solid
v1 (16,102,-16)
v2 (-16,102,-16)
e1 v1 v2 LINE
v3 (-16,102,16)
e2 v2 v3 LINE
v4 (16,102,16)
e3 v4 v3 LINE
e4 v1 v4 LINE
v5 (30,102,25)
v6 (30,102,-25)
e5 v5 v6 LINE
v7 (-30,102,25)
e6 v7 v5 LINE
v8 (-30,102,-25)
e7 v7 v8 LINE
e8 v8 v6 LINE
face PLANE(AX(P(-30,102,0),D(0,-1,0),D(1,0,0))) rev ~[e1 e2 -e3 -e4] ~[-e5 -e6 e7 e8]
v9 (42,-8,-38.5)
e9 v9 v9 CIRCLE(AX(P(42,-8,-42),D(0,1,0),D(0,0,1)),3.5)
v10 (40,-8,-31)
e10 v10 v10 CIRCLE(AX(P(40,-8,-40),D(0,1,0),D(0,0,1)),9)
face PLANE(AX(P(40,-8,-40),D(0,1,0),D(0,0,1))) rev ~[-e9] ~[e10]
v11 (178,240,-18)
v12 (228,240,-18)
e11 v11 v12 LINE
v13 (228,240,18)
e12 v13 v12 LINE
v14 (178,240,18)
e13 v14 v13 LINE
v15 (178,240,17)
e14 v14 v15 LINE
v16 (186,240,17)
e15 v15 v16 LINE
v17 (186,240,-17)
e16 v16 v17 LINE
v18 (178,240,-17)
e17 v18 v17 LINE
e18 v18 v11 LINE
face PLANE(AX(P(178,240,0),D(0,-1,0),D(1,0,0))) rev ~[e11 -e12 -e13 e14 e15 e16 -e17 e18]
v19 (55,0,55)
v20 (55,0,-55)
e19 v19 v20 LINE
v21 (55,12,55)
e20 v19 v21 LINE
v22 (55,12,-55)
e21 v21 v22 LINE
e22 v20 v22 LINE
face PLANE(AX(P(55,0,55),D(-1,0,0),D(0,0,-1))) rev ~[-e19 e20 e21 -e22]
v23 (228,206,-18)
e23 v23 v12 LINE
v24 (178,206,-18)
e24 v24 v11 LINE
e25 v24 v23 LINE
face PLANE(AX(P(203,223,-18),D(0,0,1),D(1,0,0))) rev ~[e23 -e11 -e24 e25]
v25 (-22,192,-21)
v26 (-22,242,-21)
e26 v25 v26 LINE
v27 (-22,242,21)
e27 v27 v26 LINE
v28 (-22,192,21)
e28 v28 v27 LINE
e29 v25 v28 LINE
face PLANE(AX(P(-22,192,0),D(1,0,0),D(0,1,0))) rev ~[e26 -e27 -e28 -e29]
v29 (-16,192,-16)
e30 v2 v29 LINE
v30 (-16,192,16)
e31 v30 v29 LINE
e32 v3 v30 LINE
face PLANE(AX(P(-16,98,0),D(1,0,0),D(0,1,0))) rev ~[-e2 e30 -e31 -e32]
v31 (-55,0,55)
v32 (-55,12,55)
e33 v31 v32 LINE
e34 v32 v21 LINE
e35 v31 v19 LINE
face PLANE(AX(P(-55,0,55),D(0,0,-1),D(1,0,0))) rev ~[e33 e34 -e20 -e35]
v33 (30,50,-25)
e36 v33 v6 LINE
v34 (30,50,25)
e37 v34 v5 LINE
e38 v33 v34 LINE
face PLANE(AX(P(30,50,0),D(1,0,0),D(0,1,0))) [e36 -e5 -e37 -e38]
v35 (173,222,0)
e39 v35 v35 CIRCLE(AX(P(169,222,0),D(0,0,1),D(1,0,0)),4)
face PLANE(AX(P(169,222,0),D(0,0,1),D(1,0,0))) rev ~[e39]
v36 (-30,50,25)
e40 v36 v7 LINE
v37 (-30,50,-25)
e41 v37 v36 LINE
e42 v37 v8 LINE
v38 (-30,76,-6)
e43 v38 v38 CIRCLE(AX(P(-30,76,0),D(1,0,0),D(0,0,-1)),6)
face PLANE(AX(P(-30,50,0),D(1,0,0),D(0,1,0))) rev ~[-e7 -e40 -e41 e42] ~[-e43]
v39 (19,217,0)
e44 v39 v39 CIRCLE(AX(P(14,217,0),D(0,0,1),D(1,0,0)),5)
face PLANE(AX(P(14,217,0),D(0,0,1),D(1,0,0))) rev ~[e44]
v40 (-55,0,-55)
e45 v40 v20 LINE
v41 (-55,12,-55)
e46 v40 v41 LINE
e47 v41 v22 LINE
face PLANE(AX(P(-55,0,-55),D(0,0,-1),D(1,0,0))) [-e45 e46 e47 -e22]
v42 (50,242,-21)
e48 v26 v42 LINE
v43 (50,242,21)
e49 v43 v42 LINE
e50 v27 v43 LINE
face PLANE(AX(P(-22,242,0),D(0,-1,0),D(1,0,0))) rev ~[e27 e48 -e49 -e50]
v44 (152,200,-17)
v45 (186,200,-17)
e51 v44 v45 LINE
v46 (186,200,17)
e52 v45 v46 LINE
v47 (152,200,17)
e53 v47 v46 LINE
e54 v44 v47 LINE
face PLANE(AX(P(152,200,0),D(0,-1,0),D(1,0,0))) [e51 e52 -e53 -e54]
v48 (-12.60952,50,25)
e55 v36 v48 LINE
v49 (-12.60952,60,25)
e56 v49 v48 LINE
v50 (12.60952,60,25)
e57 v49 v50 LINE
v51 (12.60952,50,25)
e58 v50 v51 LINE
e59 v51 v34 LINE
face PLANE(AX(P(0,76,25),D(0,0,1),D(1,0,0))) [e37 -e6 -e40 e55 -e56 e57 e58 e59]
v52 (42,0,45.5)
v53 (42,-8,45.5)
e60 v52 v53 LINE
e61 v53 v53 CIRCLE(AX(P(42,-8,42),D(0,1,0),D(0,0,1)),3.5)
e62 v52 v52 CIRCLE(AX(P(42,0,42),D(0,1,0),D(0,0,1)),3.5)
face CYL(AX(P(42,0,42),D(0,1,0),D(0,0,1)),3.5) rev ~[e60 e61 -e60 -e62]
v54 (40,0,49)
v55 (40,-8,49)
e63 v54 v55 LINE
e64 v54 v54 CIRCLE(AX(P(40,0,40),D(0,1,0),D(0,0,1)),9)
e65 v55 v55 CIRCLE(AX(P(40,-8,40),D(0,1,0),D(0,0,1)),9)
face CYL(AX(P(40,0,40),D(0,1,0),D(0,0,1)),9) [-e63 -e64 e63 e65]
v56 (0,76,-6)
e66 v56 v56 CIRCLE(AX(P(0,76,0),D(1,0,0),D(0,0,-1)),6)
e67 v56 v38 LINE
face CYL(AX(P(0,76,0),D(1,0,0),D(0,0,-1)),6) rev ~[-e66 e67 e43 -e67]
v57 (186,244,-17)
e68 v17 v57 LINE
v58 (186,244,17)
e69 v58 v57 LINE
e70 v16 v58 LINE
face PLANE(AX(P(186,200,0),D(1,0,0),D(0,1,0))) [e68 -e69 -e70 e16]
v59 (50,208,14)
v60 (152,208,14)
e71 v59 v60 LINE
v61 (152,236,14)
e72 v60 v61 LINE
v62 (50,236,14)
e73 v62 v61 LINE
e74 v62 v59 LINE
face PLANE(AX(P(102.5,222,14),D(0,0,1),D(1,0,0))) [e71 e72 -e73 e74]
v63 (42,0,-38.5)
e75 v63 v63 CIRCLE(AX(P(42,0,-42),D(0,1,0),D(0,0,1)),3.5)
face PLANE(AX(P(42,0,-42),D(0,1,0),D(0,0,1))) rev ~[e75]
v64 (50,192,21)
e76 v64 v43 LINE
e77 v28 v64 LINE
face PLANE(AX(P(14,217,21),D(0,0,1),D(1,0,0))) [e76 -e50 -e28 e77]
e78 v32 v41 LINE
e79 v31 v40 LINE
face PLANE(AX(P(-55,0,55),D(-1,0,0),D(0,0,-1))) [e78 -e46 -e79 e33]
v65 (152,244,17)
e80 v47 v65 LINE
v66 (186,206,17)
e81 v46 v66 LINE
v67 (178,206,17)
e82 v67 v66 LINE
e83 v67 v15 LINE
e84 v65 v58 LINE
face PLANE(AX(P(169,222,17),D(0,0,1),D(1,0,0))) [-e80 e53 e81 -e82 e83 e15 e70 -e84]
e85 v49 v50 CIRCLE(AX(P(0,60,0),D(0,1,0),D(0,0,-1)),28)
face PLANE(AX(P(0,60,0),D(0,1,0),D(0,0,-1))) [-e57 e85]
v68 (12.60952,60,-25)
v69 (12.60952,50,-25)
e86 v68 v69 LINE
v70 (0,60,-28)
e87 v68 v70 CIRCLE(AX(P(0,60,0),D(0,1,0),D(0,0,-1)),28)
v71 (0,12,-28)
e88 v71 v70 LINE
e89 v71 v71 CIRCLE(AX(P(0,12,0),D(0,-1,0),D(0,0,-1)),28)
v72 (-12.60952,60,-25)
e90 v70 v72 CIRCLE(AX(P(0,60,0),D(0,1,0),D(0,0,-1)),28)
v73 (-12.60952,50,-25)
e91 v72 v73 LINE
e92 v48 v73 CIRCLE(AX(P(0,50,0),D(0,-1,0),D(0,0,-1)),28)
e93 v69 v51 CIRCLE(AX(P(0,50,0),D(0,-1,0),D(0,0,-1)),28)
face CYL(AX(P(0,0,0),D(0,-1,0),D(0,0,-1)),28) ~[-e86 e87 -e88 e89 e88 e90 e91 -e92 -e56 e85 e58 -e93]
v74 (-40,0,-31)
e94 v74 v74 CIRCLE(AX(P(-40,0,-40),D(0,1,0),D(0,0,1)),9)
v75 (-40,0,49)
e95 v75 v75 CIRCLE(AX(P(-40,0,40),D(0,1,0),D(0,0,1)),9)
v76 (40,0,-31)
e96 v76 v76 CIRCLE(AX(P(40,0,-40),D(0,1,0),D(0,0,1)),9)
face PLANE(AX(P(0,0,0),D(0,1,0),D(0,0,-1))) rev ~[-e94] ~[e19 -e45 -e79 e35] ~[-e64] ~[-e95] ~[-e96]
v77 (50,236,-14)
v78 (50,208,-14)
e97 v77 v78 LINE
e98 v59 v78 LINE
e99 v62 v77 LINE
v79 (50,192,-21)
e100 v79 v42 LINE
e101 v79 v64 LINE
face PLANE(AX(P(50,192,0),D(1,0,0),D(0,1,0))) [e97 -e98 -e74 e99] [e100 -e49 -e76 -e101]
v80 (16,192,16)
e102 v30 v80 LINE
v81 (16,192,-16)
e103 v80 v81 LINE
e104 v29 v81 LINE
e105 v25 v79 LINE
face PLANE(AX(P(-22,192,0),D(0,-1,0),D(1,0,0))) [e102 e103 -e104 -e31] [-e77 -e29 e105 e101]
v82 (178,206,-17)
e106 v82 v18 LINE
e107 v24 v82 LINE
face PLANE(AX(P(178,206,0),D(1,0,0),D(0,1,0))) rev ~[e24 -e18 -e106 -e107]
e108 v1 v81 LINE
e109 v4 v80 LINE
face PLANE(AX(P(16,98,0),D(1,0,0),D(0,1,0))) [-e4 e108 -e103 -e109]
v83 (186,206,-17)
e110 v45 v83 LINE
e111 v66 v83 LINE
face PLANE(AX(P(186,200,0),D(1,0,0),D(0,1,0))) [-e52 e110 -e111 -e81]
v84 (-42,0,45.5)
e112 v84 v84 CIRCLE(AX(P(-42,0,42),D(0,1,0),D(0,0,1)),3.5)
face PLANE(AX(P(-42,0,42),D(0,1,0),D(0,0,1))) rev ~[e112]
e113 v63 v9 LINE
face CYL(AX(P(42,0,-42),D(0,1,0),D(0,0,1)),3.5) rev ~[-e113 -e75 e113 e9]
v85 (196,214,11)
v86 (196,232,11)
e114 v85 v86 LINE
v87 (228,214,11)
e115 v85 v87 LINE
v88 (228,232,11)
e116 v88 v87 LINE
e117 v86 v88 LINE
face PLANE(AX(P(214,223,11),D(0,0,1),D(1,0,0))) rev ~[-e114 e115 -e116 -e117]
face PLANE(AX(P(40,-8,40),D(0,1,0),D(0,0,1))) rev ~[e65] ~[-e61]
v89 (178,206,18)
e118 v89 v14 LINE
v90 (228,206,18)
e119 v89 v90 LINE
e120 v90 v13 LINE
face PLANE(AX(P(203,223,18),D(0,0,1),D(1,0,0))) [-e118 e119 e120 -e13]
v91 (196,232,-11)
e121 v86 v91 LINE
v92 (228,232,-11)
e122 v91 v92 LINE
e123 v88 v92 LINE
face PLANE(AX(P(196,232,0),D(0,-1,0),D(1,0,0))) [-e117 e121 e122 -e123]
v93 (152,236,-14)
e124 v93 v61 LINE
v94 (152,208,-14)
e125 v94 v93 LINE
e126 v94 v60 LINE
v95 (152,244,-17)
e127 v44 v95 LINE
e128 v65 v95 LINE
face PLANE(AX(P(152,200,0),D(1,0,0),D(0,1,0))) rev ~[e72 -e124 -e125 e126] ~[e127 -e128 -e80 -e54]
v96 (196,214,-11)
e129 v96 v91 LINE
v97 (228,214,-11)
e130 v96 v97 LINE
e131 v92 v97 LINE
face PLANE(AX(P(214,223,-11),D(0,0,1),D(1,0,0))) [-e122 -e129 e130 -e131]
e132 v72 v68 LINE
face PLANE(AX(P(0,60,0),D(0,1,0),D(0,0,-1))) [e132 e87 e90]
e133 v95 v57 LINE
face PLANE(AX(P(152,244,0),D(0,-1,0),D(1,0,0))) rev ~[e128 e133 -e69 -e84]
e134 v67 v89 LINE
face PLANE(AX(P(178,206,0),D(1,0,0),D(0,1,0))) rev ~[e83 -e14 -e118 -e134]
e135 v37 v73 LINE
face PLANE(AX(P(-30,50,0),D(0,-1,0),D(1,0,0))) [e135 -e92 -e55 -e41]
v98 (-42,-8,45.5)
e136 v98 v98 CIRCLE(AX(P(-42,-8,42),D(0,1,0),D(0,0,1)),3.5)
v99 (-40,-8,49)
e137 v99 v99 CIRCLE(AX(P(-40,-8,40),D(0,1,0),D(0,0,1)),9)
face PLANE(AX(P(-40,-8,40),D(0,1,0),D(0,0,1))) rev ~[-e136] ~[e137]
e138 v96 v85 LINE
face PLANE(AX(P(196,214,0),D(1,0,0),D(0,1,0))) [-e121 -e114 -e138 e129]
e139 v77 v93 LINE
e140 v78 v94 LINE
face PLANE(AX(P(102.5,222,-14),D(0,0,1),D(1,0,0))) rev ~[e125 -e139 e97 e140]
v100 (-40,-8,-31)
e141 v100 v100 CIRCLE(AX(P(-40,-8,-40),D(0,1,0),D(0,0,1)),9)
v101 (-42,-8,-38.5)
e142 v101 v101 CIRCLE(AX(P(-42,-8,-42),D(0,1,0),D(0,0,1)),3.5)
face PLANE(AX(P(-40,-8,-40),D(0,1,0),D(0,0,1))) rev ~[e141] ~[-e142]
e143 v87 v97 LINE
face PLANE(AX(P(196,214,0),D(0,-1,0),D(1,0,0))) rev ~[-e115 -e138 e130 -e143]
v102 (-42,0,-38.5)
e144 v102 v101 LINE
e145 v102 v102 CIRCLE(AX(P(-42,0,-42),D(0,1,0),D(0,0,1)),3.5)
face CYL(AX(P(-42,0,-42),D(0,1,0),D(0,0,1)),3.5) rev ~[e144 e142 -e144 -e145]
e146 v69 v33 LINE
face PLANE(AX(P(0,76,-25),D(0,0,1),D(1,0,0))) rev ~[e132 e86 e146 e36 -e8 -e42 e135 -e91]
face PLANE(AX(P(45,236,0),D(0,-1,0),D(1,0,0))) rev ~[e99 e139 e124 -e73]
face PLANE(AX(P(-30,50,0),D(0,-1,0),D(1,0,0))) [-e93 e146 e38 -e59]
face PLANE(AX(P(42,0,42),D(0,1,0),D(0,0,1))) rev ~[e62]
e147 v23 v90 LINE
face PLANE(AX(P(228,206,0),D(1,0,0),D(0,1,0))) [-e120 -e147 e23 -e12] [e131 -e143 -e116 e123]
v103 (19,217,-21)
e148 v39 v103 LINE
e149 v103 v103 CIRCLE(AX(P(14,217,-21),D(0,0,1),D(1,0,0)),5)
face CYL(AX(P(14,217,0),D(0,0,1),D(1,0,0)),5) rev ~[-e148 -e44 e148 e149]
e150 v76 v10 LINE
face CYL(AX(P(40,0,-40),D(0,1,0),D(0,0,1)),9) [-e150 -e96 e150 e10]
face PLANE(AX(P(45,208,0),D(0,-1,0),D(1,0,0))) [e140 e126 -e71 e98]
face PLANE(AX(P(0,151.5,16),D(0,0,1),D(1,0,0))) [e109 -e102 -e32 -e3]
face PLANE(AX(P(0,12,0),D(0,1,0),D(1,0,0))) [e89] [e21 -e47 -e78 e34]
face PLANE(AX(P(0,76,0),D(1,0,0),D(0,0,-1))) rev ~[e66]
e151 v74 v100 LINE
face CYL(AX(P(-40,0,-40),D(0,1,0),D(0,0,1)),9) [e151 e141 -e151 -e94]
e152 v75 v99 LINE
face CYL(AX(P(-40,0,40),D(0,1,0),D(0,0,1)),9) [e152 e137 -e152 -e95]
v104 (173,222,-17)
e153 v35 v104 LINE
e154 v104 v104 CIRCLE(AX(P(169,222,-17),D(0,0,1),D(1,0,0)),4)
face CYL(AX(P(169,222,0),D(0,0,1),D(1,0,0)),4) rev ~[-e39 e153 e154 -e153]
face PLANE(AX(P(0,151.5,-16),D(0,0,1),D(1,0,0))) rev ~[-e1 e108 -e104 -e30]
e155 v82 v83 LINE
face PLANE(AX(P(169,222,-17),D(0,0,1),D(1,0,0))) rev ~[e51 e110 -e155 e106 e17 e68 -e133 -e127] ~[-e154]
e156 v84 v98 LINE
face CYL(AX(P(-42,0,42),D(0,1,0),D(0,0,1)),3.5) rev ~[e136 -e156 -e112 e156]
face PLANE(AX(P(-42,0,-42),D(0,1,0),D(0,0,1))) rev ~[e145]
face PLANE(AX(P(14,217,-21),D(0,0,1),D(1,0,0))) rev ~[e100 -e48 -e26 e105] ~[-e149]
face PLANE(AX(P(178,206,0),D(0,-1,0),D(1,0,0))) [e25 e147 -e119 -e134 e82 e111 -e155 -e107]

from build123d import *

# Parameters (mm, degrees)
SKETCH1_W            = 110
SKETCH1_H            = 110
BOSS_EXTRUDE1_DEPTH  = 12
SKETCH2_R            = 9
BOSS_EXTRUDE2_DEPTH  = 8
SKETCH3_R            = 28
BOSS_EXTRUDE3_DEPTH  = 60
SKETCH4_W            = 60
SKETCH4_H            = 52
BOSS_EXTRUDE4_DEPTH  = 25
SKETCH5_W            = 32
SKETCH5_H            = 107
BOSS_EXTRUDE5_DEPTH  = 16
SKETCH6_W            = 72
SKETCH6_H            = 50
BOSS_EXTRUDE6_DEPTH  = 21
SKETCH7_R            = 18
BOSS_EXTRUDE7_DEPTH  = 6
SKETCH8_W            = 115
SKETCH8_H            = 28
BOSS_EXTRUDE8_DEPTH  = 14
SKETCH9_W            = 34
SKETCH9_H            = 44
BOSS_EXTRUDE9_DEPTH  = 17
SKETCH10_R           = 13
BOSS_EXTRUDE10_DEPTH = 15
SKETCH11_W           = 50
SKETCH11_H           = 34
BOSS_EXTRUDE11_DEPTH = 18
SKETCH12_W           = 36
SKETCH12_H           = 18
CUT_EXTRUDE1_DEPTH   = 11
SKETCH13_R           = 6
CUT_EXTRUDE2_DEPTH   = 339.444973371
SKETCH14_R           = 5
CUT_EXTRUDE3_DEPTH   = 339.444973371
SKETCH15_R           = 4
CUT_EXTRUDE4_DEPTH   = 339.444973371
SKETCH16_R           = 3.5
CUT_EXTRUDE5_DEPTH   = 339.444973371


with BuildPart() as part:
    # Sketch1 → Boss-Extrude1 (new body)
    with BuildSketch(Plane(origin=(0, 0, 0), x_dir=(1, 0, 0), z_dir=(0, 1, 0))):
        Rectangle(SKETCH1_W, SKETCH1_H)
    extrude(amount=BOSS_EXTRUDE1_DEPTH)

    # Sketch2 → Boss-Extrude2 (add)
    with BuildSketch(Plane(origin=(0, 0, 0), x_dir=(1, 0, 0), z_dir=(0, 1, 0))):
        with Locations(Location((-40, -40, 0), (0, 0, 270))):
            Circle(SKETCH2_R)
        with Locations(Location((40, -40, 0), (0, 0, 270))):
            Circle(SKETCH2_R)
        with Locations(Location((-40, 40, 0), (0, 0, 270))):
            Circle(SKETCH2_R)
        with Locations(Location((40, 40, 0), (0, 0, 270))):
            Circle(SKETCH2_R)
    extrude(amount=-BOSS_EXTRUDE2_DEPTH)

    # Sketch3 → Boss-Extrude3 (add)
    with BuildSketch(Plane(origin=(0, 0, 0), x_dir=(1, 0, 0), z_dir=(0, 1, 0))):
        with Locations(Location((0, 0, 0), (0, 0, 90))):
            Circle(SKETCH3_R)
    extrude(amount=BOSS_EXTRUDE3_DEPTH)

    # Sketch4 → Boss-Extrude4 (add, symmetric)
    with BuildSketch(Plane.XY):
        with Locations((0, 76)):
            Rectangle(SKETCH4_W, SKETCH4_H)
    extrude(amount=BOSS_EXTRUDE4_DEPTH, both=True)

    # Sketch5 → Boss-Extrude5 (add, symmetric)
    with BuildSketch(Plane.XY):
        with Locations((0, 151.5)):
            Rectangle(SKETCH5_W, SKETCH5_H)
    extrude(amount=BOSS_EXTRUDE5_DEPTH, both=True)

    # Sketch6 → Boss-Extrude6 (add, symmetric)
    with BuildSketch(Plane.XY):
        with Locations((14, 217)):
            Rectangle(SKETCH6_W, SKETCH6_H)
    extrude(amount=BOSS_EXTRUDE6_DEPTH, both=True)

    # Sketch7 → Boss-Extrude7 (add, symmetric)
    with BuildSketch(Plane.XY):
        with Locations((14, 217)):
            Circle(SKETCH7_R)
    extrude(amount=BOSS_EXTRUDE7_DEPTH, both=True)

    # Sketch8 → Boss-Extrude8 (add, symmetric)
    with BuildSketch(Plane.XY):
        with Locations((102.5, 222)):
            Rectangle(SKETCH8_W, SKETCH8_H)
    extrude(amount=BOSS_EXTRUDE8_DEPTH, both=True)

    # Sketch9 → Boss-Extrude9 (add, symmetric)
    with BuildSketch(Plane.XY):
        with Locations((169, 222)):
            Rectangle(SKETCH9_W, SKETCH9_H)
    extrude(amount=BOSS_EXTRUDE9_DEPTH, both=True)

    # Sketch10 → Boss-Extrude10 (add, symmetric)
    with BuildSketch(Plane.XY):
        with Locations((186, 222)):
            Circle(SKETCH10_R)
    extrude(amount=BOSS_EXTRUDE10_DEPTH, both=True)

    # Sketch11 → Boss-Extrude11 (add, symmetric)
    with BuildSketch(Plane.XY):
        with Locations((203, 223)):
            Rectangle(SKETCH11_W, SKETCH11_H)
    extrude(amount=BOSS_EXTRUDE11_DEPTH, both=True)

    # Sketch12 → Cut-Extrude1 (cut, symmetric)
    with BuildSketch(Plane.XY):
        with Locations((214, 223)):
            Rectangle(SKETCH12_W, SKETCH12_H)
    extrude(amount=CUT_EXTRUDE1_DEPTH, both=True, mode=Mode.SUBTRACT)

    # Sketch13 → Cut-Extrude2 (cut, through all)
    with BuildSketch(Plane(origin=(0, 0, 0), x_dir=(0, 0, -1), z_dir=(1, 0, 0))):
        with Locations((0, 76)):
            Circle(SKETCH13_R)
    extrude(amount=-CUT_EXTRUDE2_DEPTH, mode=Mode.SUBTRACT)

    # Sketch14 → Cut-Extrude3 (cut, through all)
    with BuildSketch(Plane.XY):
        with Locations((14, 217)):
            Circle(SKETCH14_R)
    extrude(amount=-CUT_EXTRUDE3_DEPTH, mode=Mode.SUBTRACT)

    # Sketch15 → Cut-Extrude4 (cut, through all)
    with BuildSketch(Plane.XY):
        with Locations((169, 222)):
            Circle(SKETCH15_R)
    extrude(amount=-CUT_EXTRUDE4_DEPTH, mode=Mode.SUBTRACT)

    # Sketch16 → Cut-Extrude5 (cut, through all)
    with BuildSketch(Plane(origin=(0, 0, 0), x_dir=(1, 0, 0), z_dir=(0, 1, 0))):
        with Locations(Location((-42, -42, 0), (0, 0, 270))):
            Circle(SKETCH16_R)
        with Locations(Location((42, -42, 0), (0, 0, 270))):
            Circle(SKETCH16_R)
        with Locations(Location((-42, 42, 0), (0, 0, 270))):
            Circle(SKETCH16_R)
        with Locations(Location((42, 42, 0), (0, 0, 270))):
            Circle(SKETCH16_R)
    extrude(amount=-CUT_EXTRUDE5_DEPTH, mode=Mode.SUBTRACT)


solid = part.part
